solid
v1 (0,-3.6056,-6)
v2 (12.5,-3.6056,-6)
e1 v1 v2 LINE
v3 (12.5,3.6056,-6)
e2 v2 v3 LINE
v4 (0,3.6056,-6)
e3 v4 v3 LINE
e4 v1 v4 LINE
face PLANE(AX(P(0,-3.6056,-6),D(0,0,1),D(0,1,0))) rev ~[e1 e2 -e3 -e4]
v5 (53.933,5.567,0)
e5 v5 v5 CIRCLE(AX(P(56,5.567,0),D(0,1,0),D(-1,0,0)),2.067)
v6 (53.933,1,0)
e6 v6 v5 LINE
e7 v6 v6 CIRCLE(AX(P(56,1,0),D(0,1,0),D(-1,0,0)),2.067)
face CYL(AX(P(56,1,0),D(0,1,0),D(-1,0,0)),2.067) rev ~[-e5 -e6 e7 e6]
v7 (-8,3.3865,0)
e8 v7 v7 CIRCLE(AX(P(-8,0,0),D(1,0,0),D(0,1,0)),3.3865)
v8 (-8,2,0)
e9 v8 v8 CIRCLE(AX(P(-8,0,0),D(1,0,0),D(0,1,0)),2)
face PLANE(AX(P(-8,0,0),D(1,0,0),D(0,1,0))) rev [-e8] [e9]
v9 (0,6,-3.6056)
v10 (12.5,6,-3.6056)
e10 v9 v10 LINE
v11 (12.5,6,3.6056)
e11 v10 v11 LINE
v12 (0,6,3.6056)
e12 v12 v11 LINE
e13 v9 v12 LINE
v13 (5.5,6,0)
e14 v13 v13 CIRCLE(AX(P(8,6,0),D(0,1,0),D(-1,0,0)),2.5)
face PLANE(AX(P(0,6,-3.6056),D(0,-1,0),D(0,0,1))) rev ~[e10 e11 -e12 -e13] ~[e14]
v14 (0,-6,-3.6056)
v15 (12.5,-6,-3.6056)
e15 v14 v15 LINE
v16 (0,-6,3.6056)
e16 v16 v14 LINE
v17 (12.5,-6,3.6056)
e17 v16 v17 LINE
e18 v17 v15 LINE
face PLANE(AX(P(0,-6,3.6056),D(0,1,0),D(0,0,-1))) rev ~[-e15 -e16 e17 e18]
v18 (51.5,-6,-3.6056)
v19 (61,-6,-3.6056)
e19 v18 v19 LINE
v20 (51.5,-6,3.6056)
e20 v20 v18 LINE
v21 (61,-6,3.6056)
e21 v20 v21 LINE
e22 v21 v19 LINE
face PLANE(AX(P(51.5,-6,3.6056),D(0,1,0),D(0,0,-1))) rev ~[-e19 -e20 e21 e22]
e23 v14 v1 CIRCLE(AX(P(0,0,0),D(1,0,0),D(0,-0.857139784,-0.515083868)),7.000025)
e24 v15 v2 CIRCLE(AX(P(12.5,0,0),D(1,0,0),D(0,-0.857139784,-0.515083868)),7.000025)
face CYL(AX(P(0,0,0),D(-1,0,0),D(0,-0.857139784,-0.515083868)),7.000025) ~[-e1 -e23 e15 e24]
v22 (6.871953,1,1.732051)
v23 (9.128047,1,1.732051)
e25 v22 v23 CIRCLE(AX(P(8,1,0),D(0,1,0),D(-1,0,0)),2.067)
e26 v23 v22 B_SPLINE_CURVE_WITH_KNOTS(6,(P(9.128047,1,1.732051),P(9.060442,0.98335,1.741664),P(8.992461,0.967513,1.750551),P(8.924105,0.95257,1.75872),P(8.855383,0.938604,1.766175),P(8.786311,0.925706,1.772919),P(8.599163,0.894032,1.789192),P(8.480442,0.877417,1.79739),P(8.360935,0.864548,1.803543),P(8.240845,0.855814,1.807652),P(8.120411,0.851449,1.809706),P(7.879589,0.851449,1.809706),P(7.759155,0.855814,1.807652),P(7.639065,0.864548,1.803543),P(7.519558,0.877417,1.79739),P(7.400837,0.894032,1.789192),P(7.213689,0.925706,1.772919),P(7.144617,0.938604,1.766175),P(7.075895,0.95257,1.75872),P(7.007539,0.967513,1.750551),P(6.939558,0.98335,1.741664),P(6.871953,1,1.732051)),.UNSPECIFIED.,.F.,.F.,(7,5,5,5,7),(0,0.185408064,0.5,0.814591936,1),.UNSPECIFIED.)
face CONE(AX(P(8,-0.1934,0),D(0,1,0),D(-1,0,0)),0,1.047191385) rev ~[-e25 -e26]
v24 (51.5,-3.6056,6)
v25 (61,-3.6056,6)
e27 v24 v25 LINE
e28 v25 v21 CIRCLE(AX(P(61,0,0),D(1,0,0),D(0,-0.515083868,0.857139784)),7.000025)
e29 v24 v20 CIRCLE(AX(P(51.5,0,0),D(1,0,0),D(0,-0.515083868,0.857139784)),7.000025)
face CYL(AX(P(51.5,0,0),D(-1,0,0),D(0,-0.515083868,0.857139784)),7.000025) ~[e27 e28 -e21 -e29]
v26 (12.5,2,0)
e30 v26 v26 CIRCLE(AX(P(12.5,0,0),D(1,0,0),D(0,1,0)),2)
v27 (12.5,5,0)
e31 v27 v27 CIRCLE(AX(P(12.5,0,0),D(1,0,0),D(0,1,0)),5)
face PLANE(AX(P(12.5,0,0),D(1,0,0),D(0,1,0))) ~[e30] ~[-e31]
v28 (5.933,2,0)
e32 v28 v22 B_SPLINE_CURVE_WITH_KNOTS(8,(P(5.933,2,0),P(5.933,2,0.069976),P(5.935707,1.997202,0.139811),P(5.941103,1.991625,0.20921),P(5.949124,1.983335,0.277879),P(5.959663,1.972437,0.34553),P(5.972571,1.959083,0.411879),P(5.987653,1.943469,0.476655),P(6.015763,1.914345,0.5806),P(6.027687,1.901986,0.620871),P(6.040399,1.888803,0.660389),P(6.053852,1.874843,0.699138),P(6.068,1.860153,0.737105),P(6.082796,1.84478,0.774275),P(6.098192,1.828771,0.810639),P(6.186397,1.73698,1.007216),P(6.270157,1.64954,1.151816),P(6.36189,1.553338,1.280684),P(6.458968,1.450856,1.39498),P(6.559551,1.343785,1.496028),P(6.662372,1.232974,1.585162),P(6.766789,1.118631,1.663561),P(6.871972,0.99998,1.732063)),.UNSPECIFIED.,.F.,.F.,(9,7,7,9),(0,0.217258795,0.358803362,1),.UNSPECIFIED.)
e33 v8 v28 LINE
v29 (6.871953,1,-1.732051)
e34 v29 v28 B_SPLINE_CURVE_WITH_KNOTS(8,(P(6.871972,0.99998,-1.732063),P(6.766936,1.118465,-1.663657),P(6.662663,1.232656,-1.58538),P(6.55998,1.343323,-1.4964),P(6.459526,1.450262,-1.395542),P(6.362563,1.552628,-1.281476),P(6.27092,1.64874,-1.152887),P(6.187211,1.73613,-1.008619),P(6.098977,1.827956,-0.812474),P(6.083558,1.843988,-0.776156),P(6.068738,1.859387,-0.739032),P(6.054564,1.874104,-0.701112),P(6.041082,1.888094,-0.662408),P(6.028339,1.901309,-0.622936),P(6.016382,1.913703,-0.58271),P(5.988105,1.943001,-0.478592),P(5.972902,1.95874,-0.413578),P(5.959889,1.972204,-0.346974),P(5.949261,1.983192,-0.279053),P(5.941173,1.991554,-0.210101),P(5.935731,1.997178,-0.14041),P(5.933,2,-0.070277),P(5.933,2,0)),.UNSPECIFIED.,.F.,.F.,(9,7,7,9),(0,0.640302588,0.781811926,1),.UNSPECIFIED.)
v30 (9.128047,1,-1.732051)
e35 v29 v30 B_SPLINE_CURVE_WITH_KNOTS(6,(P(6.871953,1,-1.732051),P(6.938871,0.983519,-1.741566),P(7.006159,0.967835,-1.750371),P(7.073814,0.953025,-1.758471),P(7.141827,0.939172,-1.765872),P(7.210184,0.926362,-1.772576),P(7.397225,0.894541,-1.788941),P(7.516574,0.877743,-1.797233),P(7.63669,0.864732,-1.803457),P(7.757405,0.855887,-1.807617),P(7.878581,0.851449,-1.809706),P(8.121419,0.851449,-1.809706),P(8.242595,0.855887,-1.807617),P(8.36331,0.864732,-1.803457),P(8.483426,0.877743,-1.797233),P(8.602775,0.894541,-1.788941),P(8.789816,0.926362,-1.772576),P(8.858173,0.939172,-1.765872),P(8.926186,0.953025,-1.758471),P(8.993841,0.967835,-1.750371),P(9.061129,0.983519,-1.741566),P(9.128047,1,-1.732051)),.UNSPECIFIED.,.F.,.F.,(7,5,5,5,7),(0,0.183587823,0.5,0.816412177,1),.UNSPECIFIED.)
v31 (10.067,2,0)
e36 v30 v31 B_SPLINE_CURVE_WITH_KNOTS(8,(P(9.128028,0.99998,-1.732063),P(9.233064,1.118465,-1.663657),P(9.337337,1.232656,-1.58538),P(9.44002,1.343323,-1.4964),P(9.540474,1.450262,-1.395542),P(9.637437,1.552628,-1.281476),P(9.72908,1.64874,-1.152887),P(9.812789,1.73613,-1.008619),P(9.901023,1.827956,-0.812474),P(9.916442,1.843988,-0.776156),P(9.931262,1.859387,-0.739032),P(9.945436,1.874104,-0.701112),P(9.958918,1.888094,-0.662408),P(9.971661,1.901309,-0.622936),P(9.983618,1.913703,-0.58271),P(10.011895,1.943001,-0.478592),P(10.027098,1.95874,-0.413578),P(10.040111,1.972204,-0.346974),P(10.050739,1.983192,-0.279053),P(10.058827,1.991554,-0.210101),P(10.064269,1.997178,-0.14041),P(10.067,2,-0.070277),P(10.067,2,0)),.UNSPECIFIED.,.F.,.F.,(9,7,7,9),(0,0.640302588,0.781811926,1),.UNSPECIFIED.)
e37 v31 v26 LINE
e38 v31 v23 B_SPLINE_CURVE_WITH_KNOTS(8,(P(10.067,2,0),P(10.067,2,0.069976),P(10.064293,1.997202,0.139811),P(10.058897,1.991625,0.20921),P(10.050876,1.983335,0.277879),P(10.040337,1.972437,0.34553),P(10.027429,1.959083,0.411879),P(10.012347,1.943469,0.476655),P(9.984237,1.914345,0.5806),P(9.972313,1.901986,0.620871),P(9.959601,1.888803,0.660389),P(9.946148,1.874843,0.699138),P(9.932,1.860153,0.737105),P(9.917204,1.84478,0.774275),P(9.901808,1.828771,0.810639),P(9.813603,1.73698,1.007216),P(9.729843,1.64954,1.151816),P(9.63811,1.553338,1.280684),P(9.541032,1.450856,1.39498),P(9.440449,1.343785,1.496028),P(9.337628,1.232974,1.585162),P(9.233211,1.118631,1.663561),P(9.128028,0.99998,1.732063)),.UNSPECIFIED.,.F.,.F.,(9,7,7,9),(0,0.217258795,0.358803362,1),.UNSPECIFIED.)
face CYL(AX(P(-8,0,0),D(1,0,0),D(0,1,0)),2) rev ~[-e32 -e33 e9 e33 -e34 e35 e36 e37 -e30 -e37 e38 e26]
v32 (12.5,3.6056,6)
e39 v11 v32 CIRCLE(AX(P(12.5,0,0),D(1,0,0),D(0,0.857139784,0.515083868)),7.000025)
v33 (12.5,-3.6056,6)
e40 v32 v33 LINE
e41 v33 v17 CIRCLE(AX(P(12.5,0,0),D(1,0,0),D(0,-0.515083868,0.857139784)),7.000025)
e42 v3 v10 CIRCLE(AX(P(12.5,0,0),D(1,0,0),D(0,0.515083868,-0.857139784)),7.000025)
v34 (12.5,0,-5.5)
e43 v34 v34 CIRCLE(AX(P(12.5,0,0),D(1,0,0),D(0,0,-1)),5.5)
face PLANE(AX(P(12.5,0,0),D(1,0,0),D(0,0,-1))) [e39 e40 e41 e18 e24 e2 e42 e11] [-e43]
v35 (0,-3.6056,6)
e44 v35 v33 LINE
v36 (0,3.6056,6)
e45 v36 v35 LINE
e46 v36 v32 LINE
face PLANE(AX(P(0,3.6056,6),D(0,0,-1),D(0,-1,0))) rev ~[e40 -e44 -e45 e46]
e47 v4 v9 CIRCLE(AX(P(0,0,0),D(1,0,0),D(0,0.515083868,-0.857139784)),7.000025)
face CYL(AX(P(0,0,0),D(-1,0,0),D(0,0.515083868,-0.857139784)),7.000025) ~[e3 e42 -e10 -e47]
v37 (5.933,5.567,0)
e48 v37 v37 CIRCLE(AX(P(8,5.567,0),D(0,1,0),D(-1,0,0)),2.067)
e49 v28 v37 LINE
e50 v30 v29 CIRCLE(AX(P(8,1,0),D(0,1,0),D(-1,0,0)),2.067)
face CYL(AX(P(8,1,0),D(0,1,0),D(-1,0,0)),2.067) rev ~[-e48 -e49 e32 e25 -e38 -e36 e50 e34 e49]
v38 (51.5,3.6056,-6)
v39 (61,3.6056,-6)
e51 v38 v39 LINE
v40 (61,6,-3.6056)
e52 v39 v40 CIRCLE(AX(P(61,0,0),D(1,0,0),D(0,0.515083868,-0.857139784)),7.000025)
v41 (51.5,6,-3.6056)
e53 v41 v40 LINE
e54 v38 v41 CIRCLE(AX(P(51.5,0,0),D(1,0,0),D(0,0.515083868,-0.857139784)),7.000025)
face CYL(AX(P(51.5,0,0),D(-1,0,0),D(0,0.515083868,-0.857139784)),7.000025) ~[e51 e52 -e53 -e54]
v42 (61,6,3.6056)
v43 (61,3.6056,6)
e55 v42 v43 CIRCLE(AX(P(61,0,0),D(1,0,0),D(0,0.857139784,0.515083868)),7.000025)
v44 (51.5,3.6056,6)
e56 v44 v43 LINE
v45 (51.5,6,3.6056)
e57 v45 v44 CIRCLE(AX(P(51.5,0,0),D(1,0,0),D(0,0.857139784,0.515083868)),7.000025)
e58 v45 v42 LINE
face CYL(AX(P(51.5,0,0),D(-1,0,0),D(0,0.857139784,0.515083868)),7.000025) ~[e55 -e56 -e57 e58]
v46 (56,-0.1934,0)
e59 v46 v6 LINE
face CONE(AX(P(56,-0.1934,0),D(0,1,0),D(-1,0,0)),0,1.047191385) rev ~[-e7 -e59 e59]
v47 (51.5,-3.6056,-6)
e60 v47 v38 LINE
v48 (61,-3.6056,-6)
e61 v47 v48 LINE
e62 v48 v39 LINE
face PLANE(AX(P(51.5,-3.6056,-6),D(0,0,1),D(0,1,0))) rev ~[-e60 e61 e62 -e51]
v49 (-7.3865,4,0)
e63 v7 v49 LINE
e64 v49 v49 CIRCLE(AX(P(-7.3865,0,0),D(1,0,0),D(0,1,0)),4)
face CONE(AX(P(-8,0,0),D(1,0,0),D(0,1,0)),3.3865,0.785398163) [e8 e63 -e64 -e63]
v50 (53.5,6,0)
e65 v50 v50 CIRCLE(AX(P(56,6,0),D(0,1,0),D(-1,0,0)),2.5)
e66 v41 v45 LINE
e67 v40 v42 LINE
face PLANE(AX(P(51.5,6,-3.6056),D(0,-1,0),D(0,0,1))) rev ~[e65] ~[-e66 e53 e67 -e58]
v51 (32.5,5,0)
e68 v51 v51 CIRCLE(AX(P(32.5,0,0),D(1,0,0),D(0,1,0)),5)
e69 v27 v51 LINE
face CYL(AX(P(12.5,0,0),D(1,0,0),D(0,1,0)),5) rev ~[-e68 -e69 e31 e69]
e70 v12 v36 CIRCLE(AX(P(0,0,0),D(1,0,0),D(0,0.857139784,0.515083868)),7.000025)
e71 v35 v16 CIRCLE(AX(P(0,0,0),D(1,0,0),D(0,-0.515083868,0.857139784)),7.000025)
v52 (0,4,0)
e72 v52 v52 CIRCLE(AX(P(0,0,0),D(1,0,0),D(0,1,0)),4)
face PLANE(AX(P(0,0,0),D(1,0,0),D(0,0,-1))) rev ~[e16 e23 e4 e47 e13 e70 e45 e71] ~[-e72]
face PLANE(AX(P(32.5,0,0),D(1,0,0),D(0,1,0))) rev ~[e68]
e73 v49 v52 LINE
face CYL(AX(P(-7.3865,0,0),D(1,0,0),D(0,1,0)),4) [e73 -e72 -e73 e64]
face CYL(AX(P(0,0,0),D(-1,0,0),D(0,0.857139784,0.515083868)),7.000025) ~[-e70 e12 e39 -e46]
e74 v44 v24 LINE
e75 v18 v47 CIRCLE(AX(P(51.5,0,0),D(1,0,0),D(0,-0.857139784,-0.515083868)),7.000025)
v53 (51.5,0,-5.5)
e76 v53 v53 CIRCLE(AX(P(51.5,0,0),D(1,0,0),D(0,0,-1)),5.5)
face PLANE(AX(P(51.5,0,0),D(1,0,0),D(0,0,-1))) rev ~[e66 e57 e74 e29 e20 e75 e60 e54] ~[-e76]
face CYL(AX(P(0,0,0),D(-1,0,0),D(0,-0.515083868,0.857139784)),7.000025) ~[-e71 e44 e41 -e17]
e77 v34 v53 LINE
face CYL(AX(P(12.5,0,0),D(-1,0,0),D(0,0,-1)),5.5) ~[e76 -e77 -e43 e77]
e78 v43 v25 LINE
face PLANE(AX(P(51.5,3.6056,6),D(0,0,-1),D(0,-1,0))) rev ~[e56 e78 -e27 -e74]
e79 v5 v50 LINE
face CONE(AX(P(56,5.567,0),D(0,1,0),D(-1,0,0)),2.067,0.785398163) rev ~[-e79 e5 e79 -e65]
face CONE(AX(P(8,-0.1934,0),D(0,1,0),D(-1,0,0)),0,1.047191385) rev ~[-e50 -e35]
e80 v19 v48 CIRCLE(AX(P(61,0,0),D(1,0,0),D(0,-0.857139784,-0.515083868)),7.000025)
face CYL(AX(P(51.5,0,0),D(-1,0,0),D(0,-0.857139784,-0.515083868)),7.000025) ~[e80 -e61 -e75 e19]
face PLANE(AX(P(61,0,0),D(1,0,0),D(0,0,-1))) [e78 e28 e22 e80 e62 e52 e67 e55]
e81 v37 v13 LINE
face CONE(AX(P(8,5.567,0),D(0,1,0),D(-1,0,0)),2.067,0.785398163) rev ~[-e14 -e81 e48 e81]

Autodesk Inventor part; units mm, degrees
sketch "Sketch_8" plane through (0, 0, 0) normal (0, 0, 1) x (1, 0, 0)
  line L0 (0, 0) -> (-8, 0)
  line L1 (-8, 0) -> (-8, 3.3865)
  line L2 (-8, 3.3865) -> (-7.3865, 4)
  line L3 (-7.3865, 4) -> (0, 4)
  line L4 (0, 4) -> (0, 0)
  line L5 (0, 0) -> (-8, 0)
revolve "Revolution1" add sketch "Sketch_8" angle 360 about axis through (0, 0, 0) along (1, 0, 0)
thread "Thread1" size "M8x1" class "6g" standard "ISO Metric profile" length 5.8865
sketch "Sketch_9" plane through (0, 0, 0) normal (1, 0, 0) x (0, 0, -1)
  line L0 (-6, 3.6056) -> (-6, -3.6056)
  arc A0 (-6, -3.6056) -> (-3.6056, -6) centre (0, 0) ccw
  line L1 (-3.6056, -6) -> (3.6056, -6)
  arc A1 (3.6056, -6) -> (6, -3.6056) centre (0, 0) ccw
  line L2 (6, -3.6056) -> (6, 3.6056)
  arc A2 (6, 3.6056) -> (3.6056, 6) centre (0, 0) ccw
  line L3 (3.6056, 6) -> (-3.6056, 6)
  arc A3 (-3.6056, 6) -> (-6, 3.6056) centre (0, 0) ccw
extrude "Extrusion1" add sketch "Sketch_9" along normal blind 12.5
sketch "Sketch_6" plane through (12.5, 0, 0) normal (1, 0, 0) x (0, 0, -1)
  circle A0 centre (0, 0) radius 5.5
extrude "Extrusion2" add sketch "Sketch_6" along normal blind 39
sketch "Sketch_10" plane through (51.5, 0, 0) normal (1, 0, 0) x (0, 0, -1)
  line L0 (-6, 3.6056) -> (-6, -3.6056)
  arc A0 (-6, -3.6056) -> (-3.6056, -6) centre (0, 0) ccw
  line L1 (-3.6056, -6) -> (3.6056, -6)
  arc A1 (3.6056, -6) -> (6, -3.6056) centre (0, 0) ccw
  line L2 (6, -3.6056) -> (6, 3.6056)
  arc A2 (6, 3.6056) -> (3.6056, 6) centre (0, 0) ccw
  line L3 (3.6056, 6) -> (-3.6056, 6)
  arc A3 (-3.6056, 6) -> (-6, 3.6056) centre (0, 0) ccw
extrude "Extrusion3" add sketch "Sketch_10" along normal blind 9.5
sketch "Sketch7_ALT_Drilling_1" plane through (0, 0, 0) normal (0, 0, 1) x (1, 0, 0)
  line L0 (8, 6) -> (8, 1)
  line L1 (8, -0.1934) -> (5.933, 1)
  line L2 (5.933, 1) -> (5.933, 5.567)
  line L3 (5.933, 5.567) -> (5.5, 6)
  line L4 (5.5, 6) -> (8, 6)
  line L5 (8, 6) -> (8, -0.1934)
revolve "Revolution2" cut sketch "Sketch7_ALT_Drilling_1" angle 360 about axis through (8, 6, 0) along (0, 1, 0)
thread "Thread2" size "M5x0.8" class "6H" standard "ISO Metric profile" full length
sketch "Sketch_7_ALT_Drilling_2" plane through (0, 0, 0) normal (0, 0, 1) x (1, 0, 0)
  line L0 (56, 6) -> (56, 1)
  line L1 (56, -0.1934) -> (53.933, 1)
  line L2 (53.933, 1) -> (53.933, 5.567)
  line L3 (53.933, 5.567) -> (53.5, 6)
  line L4 (53.5, 6) -> (56, 6)
  line L5 (56, 6) -> (56, -0.1934)
revolve "Revolution3" cut sketch "Sketch_7_ALT_Drilling_2" angle 360 about axis through (56, 6, 0) along (0, 1, 0)
thread "Thread3" size "M5x0.8" class "6H" standard "ISO Metric profile" full length
sketch "Sketch_16_ALT_Drilling_3" plane through (0, 0, 0) normal (0, 0, 1) x (1, 0, 0)
  line L0 (32.5, 0) -> (-8, 0)
  line L1 (-8, 0) -> (-8, 2)
  line L2 (-8, 2) -> (12.5, 2)
  line L3 (12.5, 2) -> (12.5, 5)
  line L4 (12.5, 5) -> (32.5, 5)
  line L5 (32.5, 5) -> (32.5, 0)
  line L6 (32.5, 0) -> (-8, 0)
revolve "Revolution4" cut sketch "Sketch_16_ALT_Drilling_3" angle 360 about axis through (32.5, 0, 0) along (1, 0, 0)
ref_plane "BODY_N_XY" through (61, 0, 0) normal (0, 0, -1) x (1, 0, 0)
ref_plane "BODY_N_YZ" through (61, 0, 0) normal (1, 0, 0) x (0, -1, 0)
ref_plane "BODY_N_ZX" through (61, 0, 0) normal (0, -1, 0) x (0, 0, -1)
ref_plane "NUT2_XY" through (61, 0, 0) normal (1, 0, 0) x (0, 0, -1)
ref_plane "NUT2_YZ" through (61, 0, 0) normal (0, 0, -1) x (0, 1, 0)
ref_plane "NUT2_ZX" through (61, 0, 0) normal (0, 1, 0) x (1, 0, 0)
ref_plane "SW1_XY" through (17, 0, 0) normal (1, 0, 0) x (0, 0, -1)
ref_plane "SW1_YZ" through (17, 0, 0) normal (0, 0, -1) x (0, 1, 0)
ref_plane "SW1_ZX" through (17, 0, 0) normal (0, 1, 0) x (1, 0, 0)
ref_plane "SW2_XY" through (47, 0, 0) normal (-1, 0, 0) x (0, 0, -1)
ref_plane "SW2_YZ" through (47, 0, 0) normal (0, 0, -1) x (0, -1, 0)
ref_plane "SW2_ZX" through (47, 0, 0) normal (0, -1, 0) x (-1, 0, 0)
ref_plane "SW_R1_XY" through (17, -11, 0) normal (1, 0, 0) x (0, 0, -1)
ref_plane "SW_R1_YZ" through (17, -11, 0) normal (0, 0, -1) x (0, 1, 0)
ref_plane "SW_R1_ZX" through (17, -11, 0) normal (0, 1, 0) x (1, 0, 0)
ref_plane "SW_R2_XY" through (47, -11, 0) normal (-1, 0, 0) x (0, 0, -1)
ref_plane "SW_R2_YZ" through (47, -11, 0) normal (0, 0, -1) x (0, -1, 0)
ref_plane "SW_R2_ZX" through (47, -11, 0) normal (0, -1, 0) x (-1, 0, 0)
ref_plane "body_XY" through (0, 0, 0) normal (1, 0, 0) x (0, 0, -1)
ref_plane "body_YZ" through (0, 0, 0) normal (0, 0, -1) x (0, 1, 0)
ref_plane "body_ZX" through (0, 0, 0) normal (0, 1, 0) x (1, 0, 0)
properties part number "CJ2B10-15Z(0_0)_BODY"
